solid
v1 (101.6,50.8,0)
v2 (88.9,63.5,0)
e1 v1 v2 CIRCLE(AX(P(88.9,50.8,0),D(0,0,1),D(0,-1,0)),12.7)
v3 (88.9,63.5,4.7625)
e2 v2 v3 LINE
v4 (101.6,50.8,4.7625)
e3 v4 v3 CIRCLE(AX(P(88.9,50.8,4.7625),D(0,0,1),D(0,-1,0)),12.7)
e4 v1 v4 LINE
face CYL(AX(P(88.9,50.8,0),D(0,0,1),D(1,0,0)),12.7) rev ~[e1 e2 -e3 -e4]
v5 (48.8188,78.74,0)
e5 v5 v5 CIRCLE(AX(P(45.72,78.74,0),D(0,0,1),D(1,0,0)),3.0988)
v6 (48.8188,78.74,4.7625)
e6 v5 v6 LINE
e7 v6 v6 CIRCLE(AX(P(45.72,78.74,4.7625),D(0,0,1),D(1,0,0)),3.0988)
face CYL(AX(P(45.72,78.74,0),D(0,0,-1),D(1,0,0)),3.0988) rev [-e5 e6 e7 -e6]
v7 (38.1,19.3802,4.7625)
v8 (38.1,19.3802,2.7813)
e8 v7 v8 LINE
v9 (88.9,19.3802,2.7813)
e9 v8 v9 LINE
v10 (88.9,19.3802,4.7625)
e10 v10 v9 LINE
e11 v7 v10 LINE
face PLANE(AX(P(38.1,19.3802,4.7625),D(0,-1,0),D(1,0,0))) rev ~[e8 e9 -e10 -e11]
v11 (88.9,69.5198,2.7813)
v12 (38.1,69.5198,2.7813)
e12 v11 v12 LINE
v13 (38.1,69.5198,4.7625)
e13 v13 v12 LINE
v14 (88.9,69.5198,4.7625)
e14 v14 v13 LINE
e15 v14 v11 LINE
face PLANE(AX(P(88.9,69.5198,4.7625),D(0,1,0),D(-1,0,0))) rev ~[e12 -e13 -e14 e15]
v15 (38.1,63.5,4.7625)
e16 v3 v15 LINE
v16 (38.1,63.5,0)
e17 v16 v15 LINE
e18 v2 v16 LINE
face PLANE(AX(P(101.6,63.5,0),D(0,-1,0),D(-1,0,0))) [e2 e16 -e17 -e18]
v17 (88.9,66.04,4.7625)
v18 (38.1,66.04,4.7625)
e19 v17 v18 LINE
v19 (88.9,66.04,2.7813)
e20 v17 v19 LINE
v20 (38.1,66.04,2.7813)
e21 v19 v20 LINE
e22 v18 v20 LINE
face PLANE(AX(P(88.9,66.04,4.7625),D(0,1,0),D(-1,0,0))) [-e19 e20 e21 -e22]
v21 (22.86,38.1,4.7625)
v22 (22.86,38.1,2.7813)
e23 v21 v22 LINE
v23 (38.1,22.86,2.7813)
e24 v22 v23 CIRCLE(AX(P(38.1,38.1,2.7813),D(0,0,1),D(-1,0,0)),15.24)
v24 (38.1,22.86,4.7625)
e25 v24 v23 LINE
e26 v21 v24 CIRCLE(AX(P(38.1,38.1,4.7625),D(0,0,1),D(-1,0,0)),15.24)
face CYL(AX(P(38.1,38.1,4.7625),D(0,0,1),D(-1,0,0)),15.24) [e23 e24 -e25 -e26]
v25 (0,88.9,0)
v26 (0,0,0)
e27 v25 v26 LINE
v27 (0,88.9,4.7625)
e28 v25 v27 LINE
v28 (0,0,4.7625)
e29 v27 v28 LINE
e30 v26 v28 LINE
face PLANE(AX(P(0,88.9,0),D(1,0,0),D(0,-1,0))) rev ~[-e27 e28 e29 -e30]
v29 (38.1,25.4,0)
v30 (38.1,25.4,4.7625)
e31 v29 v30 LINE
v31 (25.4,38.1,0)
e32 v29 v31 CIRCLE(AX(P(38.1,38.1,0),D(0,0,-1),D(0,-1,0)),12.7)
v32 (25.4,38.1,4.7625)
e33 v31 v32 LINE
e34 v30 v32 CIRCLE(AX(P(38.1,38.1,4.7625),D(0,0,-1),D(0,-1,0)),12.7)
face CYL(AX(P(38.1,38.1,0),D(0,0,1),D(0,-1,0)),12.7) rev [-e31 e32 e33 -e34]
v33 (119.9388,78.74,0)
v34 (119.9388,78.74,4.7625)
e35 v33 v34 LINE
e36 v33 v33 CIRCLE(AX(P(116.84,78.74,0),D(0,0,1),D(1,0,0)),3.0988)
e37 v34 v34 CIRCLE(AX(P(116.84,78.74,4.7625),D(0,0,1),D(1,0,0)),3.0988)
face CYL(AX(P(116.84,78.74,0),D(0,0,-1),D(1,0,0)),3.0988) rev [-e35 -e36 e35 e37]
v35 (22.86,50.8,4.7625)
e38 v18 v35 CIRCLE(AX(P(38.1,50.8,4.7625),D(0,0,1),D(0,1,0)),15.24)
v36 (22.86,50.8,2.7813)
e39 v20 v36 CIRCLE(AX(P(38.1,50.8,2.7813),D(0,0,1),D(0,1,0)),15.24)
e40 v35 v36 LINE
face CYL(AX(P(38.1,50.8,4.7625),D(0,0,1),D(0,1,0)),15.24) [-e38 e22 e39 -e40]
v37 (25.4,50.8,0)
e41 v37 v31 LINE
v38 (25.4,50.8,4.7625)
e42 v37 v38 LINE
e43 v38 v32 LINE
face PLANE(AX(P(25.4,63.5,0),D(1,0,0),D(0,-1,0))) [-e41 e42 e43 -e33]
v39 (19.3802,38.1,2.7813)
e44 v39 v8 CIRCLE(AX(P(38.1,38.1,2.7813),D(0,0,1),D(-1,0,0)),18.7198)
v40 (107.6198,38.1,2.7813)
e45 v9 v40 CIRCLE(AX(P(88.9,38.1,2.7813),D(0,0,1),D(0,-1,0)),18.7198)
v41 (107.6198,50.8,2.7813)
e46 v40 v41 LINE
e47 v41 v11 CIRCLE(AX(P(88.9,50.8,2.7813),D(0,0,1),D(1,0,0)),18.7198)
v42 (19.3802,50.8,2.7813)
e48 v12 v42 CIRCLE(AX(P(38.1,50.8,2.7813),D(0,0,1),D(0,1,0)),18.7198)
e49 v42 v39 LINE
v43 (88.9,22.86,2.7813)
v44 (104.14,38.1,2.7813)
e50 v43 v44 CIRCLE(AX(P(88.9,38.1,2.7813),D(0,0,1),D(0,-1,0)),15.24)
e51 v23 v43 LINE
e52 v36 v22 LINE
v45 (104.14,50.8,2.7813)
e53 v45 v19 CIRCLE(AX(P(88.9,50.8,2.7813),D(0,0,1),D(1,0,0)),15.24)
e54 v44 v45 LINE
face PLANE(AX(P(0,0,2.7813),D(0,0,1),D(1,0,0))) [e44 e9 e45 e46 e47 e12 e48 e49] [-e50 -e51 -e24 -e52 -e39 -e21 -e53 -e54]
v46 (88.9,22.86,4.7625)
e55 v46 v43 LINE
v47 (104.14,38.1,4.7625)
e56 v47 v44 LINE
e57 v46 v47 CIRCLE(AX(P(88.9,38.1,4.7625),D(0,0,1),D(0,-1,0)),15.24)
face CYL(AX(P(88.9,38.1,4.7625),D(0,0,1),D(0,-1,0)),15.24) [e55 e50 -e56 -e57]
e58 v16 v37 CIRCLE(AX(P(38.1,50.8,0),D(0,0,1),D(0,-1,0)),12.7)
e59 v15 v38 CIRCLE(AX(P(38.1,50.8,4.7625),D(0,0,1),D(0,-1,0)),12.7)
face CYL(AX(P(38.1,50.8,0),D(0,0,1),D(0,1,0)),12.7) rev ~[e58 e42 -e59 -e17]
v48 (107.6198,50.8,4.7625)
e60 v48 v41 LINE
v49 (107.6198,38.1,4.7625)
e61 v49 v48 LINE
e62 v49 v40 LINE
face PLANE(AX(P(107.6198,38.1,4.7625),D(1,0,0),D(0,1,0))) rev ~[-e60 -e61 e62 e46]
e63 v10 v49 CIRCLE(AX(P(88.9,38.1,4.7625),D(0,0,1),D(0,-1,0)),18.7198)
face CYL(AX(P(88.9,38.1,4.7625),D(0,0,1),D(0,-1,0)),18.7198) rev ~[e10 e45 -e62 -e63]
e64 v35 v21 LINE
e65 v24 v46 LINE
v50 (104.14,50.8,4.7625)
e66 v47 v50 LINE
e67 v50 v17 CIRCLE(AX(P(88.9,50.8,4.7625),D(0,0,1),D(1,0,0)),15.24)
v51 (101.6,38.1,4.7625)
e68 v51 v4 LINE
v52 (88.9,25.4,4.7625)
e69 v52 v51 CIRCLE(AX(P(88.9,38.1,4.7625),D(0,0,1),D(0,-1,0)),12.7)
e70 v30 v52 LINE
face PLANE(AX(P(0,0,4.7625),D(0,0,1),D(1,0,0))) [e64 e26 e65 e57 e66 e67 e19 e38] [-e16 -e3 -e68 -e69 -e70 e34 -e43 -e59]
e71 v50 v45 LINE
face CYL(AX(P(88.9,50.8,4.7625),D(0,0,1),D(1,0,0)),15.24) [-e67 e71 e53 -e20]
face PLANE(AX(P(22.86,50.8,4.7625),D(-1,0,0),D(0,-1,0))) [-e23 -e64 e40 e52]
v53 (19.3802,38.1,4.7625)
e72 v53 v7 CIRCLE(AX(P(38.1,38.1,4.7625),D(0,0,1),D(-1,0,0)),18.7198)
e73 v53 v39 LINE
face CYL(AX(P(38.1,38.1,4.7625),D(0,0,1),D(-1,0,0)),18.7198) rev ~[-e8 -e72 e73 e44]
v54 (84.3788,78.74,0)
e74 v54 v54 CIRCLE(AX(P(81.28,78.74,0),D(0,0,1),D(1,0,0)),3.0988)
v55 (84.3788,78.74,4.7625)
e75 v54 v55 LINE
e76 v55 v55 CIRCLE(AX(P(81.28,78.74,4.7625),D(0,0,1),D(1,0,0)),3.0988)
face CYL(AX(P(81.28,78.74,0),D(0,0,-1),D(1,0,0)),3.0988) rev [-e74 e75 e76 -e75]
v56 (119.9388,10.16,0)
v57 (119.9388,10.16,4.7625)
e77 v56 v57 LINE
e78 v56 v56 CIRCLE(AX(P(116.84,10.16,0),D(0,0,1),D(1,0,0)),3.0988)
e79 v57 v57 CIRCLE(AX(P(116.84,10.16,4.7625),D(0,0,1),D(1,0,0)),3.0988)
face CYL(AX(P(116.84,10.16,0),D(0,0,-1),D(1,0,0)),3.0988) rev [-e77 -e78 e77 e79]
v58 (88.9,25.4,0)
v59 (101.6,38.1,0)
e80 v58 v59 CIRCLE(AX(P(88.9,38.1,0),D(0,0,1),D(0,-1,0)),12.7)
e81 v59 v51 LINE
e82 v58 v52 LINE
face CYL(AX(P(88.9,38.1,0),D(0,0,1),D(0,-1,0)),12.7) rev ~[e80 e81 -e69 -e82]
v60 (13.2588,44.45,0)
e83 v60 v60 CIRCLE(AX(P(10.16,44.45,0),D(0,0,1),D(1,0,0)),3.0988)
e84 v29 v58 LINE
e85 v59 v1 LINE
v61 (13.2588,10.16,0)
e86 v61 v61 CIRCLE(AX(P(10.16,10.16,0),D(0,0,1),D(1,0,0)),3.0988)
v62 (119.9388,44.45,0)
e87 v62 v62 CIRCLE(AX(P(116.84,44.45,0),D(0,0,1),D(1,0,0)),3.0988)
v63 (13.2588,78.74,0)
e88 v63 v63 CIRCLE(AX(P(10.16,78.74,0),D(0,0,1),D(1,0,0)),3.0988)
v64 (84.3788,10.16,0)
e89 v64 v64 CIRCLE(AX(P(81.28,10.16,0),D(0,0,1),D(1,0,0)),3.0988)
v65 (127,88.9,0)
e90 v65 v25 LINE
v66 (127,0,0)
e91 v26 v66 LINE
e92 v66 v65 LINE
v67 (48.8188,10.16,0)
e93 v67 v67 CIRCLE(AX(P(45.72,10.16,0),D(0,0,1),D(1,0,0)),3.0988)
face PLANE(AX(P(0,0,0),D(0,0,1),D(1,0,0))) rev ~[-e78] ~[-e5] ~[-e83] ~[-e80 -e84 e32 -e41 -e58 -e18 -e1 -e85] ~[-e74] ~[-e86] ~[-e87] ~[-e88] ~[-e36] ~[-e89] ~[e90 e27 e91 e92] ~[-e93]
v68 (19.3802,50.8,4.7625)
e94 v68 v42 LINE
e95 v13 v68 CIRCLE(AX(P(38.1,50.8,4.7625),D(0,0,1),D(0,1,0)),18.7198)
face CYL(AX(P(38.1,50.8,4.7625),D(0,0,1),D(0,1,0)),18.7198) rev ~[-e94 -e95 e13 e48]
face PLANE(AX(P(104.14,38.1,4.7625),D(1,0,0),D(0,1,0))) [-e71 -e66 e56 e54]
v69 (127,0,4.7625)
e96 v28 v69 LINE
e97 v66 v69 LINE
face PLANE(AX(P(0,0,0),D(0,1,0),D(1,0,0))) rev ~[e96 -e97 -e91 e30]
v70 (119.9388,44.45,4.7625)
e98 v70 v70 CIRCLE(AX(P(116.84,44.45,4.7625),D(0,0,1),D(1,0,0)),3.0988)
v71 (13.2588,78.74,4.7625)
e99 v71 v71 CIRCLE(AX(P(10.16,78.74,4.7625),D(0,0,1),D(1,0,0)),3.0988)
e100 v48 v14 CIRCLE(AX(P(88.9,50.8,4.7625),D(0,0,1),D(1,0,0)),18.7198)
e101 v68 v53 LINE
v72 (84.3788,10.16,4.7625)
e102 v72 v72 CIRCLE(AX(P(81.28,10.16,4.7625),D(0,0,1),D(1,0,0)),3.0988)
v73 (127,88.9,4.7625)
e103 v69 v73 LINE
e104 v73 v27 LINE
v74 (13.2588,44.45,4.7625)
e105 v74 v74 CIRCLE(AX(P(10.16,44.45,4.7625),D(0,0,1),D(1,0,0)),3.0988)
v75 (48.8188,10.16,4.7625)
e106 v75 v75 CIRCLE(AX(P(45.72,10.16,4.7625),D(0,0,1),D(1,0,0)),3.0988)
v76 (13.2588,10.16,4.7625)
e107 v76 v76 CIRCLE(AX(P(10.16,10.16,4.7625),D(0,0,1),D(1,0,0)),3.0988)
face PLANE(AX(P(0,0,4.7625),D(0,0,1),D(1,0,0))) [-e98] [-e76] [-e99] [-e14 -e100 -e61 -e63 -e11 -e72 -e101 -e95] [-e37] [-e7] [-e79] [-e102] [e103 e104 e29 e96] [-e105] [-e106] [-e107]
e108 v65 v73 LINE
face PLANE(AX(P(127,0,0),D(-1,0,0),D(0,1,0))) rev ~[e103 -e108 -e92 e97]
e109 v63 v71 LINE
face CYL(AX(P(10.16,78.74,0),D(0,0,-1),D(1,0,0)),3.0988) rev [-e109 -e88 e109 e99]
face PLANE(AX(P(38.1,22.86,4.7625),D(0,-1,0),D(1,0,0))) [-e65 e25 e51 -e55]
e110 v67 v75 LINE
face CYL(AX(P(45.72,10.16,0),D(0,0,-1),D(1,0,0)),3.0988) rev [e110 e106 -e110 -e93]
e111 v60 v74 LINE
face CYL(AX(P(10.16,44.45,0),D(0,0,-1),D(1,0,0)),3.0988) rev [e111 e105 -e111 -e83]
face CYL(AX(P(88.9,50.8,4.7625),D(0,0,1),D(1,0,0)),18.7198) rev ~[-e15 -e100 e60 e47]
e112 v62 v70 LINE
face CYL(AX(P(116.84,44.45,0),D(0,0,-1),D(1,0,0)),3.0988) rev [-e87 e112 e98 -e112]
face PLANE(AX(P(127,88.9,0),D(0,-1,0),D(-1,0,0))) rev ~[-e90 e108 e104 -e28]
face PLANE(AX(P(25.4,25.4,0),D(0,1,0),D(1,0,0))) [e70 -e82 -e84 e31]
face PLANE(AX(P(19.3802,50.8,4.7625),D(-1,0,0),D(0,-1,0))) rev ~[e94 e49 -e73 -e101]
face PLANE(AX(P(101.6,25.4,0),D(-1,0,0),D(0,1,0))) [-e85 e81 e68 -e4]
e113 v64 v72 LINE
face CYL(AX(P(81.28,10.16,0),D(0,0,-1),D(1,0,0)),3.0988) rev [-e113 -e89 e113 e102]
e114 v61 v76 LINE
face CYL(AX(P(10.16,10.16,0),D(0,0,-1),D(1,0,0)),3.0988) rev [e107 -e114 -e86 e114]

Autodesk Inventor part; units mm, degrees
ref_plane "YZ Plane" through (0, 0, 0) normal (1, 0, 0) x (0, 1, 0)
ref_plane "XZ Plane" through (0, 0, 0) normal (0, 1, 0) x (-1, 0, 0)
ref_plane "XY Plane" through (0, 0, 0) normal (0, 0, 1) x (1, 0, 0)
sketch "Sketch1" plane through (0, 0, 0) normal (0, 0, 1) x (1, 0, 0)
  line L0 (0, 0) -> (127, 0)
  line L1 (127, 0) -> (127, 88.9)
  line L2 (127, 88.9) -> (0, 88.9)
  line L3 (0, 88.9) -> (0, 0)
  circle A0 centre (10.16, 78.74) radius 3.0988
  circle A1 centre (10.16, 44.45) radius 3.0988
  circle A2 centre (10.16, 10.16) radius 3.0988
  circle A3 centre (45.72, 10.16) radius 3.0988
  circle A4 centre (116.84, 10.16) radius 3.0988
  circle A5 centre (116.84, 44.45) radius 3.0988
  circle A6 centre (116.84, 78.74) radius 3.0988
  circle A7 centre (45.72, 78.74) radius 3.0988
  line L4 (25.4, 25.4) -> (101.6, 25.4)
  line L5 (101.6, 25.4) -> (101.6, 63.5)
  line L6 (101.6, 63.5) -> (25.4, 63.5)
  line L7 (25.4, 63.5) -> (25.4, 25.4)
  line L8 (25.4, 25.4) -> (101.6, 63.5) construction
  line L9 (101.6, 25.4) -> (25.4, 63.5) construction
  circle A8 centre (81.28, 10.16) radius 3.0988
  circle A9 centre (81.28, 78.74) radius 3.0988
  point P0 (63.5, 44.45)
  dimension "d0" = 127
  dimension "d1" = 88.9
  dimension "d3" = 6.1976
  dimension "d4" = 10.16
  dimension "d5" = 10.16
  dimension "d6" = 10.16
  dimension "d7" = 10.16
  dimension "d8" = 44.45
  dimension "d10" = 10.16
  dimension "d11" = 10.16
  dimension "d12" = 10.16
  dimension "d13" = 10.16
  dimension "d14" = 44.45
  dimension "d15" = 10.16
  dimension "d16" = 10.16
  dimension "d17" = 10.16
  dimension "d18" = 10.16
  dimension "d31" = 76.2
  dimension "d32" = 38.1
  dimension "d33" = 44.45
  dimension "d34" = 63.5
  dimension "d42" = 35.56
  dimension "d43" = 35.56
  dimension "d44" = 35.56
  dimension "d46" = 35.56
  dimension "d47" = 35.56
  dimension "d49" = 35.56
extrude "Extrusion1" add sketch "Sketch1" along normal blind 4.7625
thread "Thread1" size "M6x1" class "6H" standard "ANSI Metric M Profile" full length
thread "Thread2" size "M6x1" class "6H" standard "ANSI Metric M Profile" full length
thread "Thread3" size "M6x1" class "6H" standard "ANSI Metric M Profile" full length
thread "Thread4" size "M6x1" class "6H" standard "ANSI Metric M Profile" full length
thread "Thread5" size "M6x1" class "6H" standard "ANSI Metric M Profile" full length
thread "Thread6" size "M6x1" class "6H" standard "ANSI Metric M Profile" full length
thread "Thread7" size "M6x1" class "6H" standard "ANSI Metric M Profile" full length
thread "Thread8" size "M6x1" class "6H" standard "ANSI Metric M Profile" full length
thread "Thread9" size "M6x1" class "6H" standard "ANSI Metric M Profile" full length
fillet "Fillet3" radius 12.7 4 edges at (101.6, 63.5, 2.3813) (101.6, 25.4, 2.3813) (25.4, 63.5, 2.3813) (25.4, 25.4, 2.3813)
sketch "Sketch4" plane through (0, 0, 4.7625) normal (0, 0, 1) x (1, 0, 0)
  arc A0 (38.1, 63.5) -> (25.4, 50.8) centre (38.1, 50.8) ccw projected
  arc A1 (38.1, 63.5) -> (25.4, 50.8) centre (38.1, 50.8) ccw
  arc A2 (101.6, 50.8) -> (88.9, 63.5) centre (88.9, 50.8) ccw projected
  arc A3 (101.6, 50.8) -> (88.9, 63.5) centre (88.9, 50.8) ccw
  arc A4 (88.9, 25.4) -> (101.6, 38.1) centre (88.9, 38.1) ccw projected
  arc A5 (88.9, 25.4) -> (101.6, 38.1) centre (88.9, 38.1) ccw
  arc A6 (25.4, 38.1) -> (38.1, 25.4) centre (38.1, 38.1) ccw projected
  arc A7 (25.4, 38.1) -> (38.1, 25.4) centre (38.1, 38.1) ccw
  line L0 (38.1, 25.4) -> (88.9, 25.4) projected
  line L1 (38.1, 25.4) -> (88.9, 25.4)
  line L2 (101.6, 38.1) -> (101.6, 50.8) projected
  line L3 (101.6, 38.1) -> (101.6, 50.8)
  line L4 (88.9, 63.5) -> (38.1, 63.5) projected
  line L5 (88.9, 63.5) -> (38.1, 63.5)
  line L6 (25.4, 38.1) -> (25.4, 50.8) projected
  line L7 (25.4, 50.8) -> (25.4, 38.1)
  arc A8 (38.1, 66.04) -> (22.86, 50.8) centre (38.1, 50.8) ccw
  line L8 (22.86, 50.8) -> (22.86, 38.1)
  arc A9 (22.86, 38.1) -> (38.1, 22.86) centre (38.1, 38.1) ccw
  line L9 (38.1, 22.86) -> (88.9, 22.86)
  arc A10 (88.9, 22.86) -> (104.14, 38.1) centre (88.9, 38.1) ccw
  line L10 (104.14, 38.1) -> (104.14, 50.8)
  arc A11 (104.14, 50.8) -> (88.9, 66.04) centre (88.9, 50.8) ccw
  line L11 (88.9, 66.04) -> (38.1, 66.04)
  arc A12 (38.1, 69.5198) -> (19.3802, 50.8) centre (38.1, 50.8) ccw
  line L12 (19.3802, 50.8) -> (19.3802, 38.1)
  arc A13 (19.3802, 38.1) -> (38.1, 19.3802) centre (38.1, 38.1) ccw
  line L13 (38.1, 19.3802) -> (88.9, 19.3802)
  arc A14 (88.9, 19.3802) -> (107.6198, 38.1) centre (88.9, 38.1) ccw
  line L14 (107.6198, 38.1) -> (107.6198, 50.8)
  arc A15 (107.6198, 50.8) -> (88.9, 69.5198) centre (88.9, 50.8) ccw
  line L15 (88.9, 69.5198) -> (38.1, 69.5198)
  point P0 (0, 0)
  dimension "d69" = 2.54
  dimension "d70" = 3.4798
extrude "Extrusion4" cut sketch "Sketch4" against normal blind 1.9812 contours L15 A15 L14 A14 L13 A13 L12 A12
thread "Thread10" size "M6x1" class "6H" standard "ANSI Metric M Profile" full length
equation "\"d6\" = d5"
equation "\"d7\" = d4"
equation "\"d8\" = 0.5 * d1"
equation "\"d10\" = d4"
equation "\"d11\" = d5"
equation "\"d12\" = d4"
equation "\"d13\" = d5"
equation "\"d14\" = 0.5 * d1"
equation "\"d15\" = d13"
equation "\"d16\" = d12"
equation "\"d17\" = d13"
equation "\"d18\" = d16"
equation "\"d33\" = 0.5 * d1"
equation "\"d34\" = 0.5 * d0"
equation "\"d43\" = d42"
equation "\"d44\" = d43"
equation "\"d46\" = d42"
equation "\"d47\" = d46"
equation "\"d49\" = d46"
properties part number "Front"
